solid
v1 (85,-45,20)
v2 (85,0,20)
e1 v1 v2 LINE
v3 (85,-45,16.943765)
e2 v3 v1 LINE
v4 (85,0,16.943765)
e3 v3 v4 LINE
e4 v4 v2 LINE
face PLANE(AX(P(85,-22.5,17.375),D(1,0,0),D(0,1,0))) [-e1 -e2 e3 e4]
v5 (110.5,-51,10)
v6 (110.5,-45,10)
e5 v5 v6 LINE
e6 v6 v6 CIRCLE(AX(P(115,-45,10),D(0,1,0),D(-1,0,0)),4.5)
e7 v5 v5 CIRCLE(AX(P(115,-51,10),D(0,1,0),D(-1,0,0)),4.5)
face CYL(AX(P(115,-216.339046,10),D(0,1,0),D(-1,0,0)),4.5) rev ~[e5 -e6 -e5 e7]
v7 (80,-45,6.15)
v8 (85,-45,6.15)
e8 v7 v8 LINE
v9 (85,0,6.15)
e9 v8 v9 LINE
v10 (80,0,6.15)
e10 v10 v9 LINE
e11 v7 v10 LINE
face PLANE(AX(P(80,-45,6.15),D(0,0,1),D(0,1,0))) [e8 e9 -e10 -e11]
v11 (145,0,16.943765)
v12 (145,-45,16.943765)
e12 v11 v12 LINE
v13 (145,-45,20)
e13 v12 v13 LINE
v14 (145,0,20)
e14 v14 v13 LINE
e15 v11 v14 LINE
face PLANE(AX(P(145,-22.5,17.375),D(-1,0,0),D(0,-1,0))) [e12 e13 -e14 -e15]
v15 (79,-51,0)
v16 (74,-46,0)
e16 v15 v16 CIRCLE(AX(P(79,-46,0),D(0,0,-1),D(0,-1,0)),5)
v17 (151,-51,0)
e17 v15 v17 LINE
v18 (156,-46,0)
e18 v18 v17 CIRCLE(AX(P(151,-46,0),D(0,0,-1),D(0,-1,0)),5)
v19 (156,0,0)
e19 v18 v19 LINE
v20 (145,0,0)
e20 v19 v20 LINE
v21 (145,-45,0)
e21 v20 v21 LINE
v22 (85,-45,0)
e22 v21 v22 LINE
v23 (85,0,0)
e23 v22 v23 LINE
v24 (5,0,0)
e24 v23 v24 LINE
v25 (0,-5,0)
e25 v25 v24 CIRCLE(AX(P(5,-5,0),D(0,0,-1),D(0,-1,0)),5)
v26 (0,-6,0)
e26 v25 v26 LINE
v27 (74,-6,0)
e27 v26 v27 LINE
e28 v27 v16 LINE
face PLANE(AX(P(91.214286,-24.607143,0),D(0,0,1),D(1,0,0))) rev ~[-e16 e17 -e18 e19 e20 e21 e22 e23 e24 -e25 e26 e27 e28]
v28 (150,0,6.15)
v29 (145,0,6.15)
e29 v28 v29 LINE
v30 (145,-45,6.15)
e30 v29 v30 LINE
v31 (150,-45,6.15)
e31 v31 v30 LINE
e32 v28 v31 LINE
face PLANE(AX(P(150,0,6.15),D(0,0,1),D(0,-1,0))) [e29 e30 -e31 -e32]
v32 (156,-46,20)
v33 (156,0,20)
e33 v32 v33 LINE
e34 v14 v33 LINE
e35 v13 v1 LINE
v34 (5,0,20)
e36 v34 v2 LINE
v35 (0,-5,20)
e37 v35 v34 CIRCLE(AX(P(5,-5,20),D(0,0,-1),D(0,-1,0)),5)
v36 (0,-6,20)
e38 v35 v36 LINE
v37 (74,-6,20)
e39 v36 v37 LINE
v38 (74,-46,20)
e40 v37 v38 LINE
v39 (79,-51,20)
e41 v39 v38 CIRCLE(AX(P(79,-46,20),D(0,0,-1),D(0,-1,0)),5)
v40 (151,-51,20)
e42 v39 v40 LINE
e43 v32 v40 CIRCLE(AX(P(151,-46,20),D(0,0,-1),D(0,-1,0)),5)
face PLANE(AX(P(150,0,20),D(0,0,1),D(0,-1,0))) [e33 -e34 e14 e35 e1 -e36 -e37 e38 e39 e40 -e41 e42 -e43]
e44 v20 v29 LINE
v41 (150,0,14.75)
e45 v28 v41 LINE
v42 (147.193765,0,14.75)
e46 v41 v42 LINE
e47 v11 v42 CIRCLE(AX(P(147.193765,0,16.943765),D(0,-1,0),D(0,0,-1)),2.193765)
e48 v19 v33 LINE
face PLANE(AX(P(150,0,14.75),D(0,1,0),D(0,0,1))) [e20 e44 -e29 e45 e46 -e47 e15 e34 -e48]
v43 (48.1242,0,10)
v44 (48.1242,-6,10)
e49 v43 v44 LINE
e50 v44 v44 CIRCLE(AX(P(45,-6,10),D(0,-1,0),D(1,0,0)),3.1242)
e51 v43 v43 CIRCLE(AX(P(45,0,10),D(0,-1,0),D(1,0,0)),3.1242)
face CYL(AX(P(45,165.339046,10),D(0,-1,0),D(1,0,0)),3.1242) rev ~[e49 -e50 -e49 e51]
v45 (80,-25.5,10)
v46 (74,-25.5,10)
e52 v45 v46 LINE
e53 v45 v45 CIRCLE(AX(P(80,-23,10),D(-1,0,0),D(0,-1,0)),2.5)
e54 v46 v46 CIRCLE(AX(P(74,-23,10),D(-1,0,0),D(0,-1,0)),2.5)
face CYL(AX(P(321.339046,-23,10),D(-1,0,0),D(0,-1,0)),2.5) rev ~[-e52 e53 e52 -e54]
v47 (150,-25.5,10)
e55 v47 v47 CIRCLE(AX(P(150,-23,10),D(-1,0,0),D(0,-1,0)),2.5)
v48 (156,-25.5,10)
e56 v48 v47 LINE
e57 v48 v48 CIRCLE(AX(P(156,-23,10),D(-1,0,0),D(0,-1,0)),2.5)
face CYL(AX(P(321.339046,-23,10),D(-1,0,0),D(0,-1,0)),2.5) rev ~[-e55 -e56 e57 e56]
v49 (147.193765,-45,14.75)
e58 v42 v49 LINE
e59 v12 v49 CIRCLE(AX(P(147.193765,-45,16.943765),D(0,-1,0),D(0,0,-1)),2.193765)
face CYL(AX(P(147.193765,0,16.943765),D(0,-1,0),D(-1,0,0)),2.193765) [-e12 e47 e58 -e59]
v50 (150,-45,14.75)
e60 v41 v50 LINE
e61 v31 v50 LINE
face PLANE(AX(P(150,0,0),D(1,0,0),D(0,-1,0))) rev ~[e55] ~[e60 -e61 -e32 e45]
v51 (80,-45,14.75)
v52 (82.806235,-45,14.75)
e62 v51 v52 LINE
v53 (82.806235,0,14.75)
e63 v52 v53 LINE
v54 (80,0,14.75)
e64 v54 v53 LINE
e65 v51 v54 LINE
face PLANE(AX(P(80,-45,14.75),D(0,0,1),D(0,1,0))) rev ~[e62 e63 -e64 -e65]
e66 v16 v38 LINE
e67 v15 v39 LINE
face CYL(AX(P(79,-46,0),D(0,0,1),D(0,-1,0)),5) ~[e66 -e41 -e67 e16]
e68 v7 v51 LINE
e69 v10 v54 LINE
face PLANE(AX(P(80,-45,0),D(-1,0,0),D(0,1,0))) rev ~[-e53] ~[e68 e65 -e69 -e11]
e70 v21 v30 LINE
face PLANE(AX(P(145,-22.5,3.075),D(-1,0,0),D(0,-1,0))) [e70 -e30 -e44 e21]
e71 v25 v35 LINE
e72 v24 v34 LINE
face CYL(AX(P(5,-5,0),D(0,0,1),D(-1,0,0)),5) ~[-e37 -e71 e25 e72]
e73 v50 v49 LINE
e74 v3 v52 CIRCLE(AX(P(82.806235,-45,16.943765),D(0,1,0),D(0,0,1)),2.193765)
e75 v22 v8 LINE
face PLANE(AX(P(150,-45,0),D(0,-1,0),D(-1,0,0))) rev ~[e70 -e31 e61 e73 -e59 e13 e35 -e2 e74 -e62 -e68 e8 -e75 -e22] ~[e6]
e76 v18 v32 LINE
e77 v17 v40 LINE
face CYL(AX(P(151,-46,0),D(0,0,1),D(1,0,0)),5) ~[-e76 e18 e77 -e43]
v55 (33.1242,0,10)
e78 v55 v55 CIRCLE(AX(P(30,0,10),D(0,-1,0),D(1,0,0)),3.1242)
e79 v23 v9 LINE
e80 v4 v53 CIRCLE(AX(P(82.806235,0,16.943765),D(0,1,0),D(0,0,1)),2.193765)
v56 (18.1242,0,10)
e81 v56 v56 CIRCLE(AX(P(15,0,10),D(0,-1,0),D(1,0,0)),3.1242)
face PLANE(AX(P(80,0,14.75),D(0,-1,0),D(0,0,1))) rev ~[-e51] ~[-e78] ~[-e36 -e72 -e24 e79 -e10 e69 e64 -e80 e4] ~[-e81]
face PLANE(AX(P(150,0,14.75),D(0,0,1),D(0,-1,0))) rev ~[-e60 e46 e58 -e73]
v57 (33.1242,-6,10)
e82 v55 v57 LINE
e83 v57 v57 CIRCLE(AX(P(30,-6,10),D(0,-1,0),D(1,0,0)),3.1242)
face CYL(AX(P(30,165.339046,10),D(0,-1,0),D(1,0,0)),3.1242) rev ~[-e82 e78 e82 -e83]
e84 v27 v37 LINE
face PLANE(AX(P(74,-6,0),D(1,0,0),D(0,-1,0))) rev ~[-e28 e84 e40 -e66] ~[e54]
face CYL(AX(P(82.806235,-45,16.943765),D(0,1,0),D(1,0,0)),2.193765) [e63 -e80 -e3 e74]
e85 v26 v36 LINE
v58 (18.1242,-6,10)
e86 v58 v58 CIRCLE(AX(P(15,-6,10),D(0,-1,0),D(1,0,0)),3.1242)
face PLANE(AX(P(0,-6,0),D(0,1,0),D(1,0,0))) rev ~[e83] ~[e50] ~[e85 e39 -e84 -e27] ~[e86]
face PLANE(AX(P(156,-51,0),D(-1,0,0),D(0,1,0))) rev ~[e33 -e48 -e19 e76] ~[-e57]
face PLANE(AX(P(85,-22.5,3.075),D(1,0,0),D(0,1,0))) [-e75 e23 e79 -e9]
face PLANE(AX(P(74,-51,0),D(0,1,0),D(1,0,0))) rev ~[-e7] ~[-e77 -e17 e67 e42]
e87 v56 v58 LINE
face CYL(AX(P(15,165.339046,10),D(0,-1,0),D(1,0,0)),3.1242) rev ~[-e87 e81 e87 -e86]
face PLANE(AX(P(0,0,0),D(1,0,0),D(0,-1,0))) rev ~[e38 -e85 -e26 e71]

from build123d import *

# Parameters (mm, degrees)
F1_DEPTH = 20
F3_D     = 6.2484
F5_W     = 45
F5_H     = 5.25
F5_H_2   = 6.15
F6_DEPTH = 5
F4_W     = 45
F4_H     = 5.25
F4_H_2   = 6.15
F7_DEPTH = 5
F8_R     = 5
F9_R     = 2.193764509
F11_D    = 9
F13_D    = 5


with BuildPart() as f1:
    # F0 (on Top) → F1 (new body)
    with BuildSketch(Plane.XY):
        Polygon((80, 0), (0, 0), (0, -6), (74, -6), (74, -51), (156, -51), (156, 0), (150, 0), (150, -45), (80, -45), align=None)
    extrude(amount=F1_DEPTH)

    # F3 (through all)
    with Locations(Plane(origin=(0, 0, 0), x_dir=(-1, 0, 0), z_dir=(0, 1, 0))):
        with Locations((-45, 10), (-30, 10), (-15, 10)):
            Hole(F3_D / 2)

    # F5 (on face) → F6 (join)
    with BuildSketch(Plane(origin=(150, 0, 0), x_dir=(0, -1, 0), z_dir=(-1, 0, 0))):
        with Locations((22.5, 17.375)):
            Rectangle(F5_W, F5_H)
        with Locations((22.5, 3.075)):
            Rectangle(F5_W, F5_H_2)
    extrude(amount=F6_DEPTH)

    # F4 (on face) → F7 (join)
    with BuildSketch(Plane.YZ.offset(80)):
        with Locations((-22.5, 17.375)):
            Rectangle(F4_W, F4_H)
        with Locations((-22.5, 3.075)):
            Rectangle(F4_W, F4_H_2)
    extrude(amount=F7_DEPTH)

    # F8
    f8_edges = [f1.edges().sort_by_distance(p)[0] for p in [
        (74, -51, 10),
        (156, -51, 10),
        (0, 0, 10),
    ]]
    fillet(f8_edges, radius=F8_R)

    # F9
    f9_edges = [f1.edges().sort_by_distance(p)[0] for p in [
        (85, -22.5, 14.75),
        (145, -22.5, 14.75),
    ]]
    fillet(f9_edges, radius=F9_R)

    # F11 (through all)
    with Locations(Plane.XZ.offset(51)):
        with Locations((115, 10)):
            Hole(F11_D / 2)

    # F13 (through all)
    with Locations(Plane.YZ.offset(156)):
        with Locations((-23, 10)):
            Hole(F13_D / 2)


solid = f1.part
